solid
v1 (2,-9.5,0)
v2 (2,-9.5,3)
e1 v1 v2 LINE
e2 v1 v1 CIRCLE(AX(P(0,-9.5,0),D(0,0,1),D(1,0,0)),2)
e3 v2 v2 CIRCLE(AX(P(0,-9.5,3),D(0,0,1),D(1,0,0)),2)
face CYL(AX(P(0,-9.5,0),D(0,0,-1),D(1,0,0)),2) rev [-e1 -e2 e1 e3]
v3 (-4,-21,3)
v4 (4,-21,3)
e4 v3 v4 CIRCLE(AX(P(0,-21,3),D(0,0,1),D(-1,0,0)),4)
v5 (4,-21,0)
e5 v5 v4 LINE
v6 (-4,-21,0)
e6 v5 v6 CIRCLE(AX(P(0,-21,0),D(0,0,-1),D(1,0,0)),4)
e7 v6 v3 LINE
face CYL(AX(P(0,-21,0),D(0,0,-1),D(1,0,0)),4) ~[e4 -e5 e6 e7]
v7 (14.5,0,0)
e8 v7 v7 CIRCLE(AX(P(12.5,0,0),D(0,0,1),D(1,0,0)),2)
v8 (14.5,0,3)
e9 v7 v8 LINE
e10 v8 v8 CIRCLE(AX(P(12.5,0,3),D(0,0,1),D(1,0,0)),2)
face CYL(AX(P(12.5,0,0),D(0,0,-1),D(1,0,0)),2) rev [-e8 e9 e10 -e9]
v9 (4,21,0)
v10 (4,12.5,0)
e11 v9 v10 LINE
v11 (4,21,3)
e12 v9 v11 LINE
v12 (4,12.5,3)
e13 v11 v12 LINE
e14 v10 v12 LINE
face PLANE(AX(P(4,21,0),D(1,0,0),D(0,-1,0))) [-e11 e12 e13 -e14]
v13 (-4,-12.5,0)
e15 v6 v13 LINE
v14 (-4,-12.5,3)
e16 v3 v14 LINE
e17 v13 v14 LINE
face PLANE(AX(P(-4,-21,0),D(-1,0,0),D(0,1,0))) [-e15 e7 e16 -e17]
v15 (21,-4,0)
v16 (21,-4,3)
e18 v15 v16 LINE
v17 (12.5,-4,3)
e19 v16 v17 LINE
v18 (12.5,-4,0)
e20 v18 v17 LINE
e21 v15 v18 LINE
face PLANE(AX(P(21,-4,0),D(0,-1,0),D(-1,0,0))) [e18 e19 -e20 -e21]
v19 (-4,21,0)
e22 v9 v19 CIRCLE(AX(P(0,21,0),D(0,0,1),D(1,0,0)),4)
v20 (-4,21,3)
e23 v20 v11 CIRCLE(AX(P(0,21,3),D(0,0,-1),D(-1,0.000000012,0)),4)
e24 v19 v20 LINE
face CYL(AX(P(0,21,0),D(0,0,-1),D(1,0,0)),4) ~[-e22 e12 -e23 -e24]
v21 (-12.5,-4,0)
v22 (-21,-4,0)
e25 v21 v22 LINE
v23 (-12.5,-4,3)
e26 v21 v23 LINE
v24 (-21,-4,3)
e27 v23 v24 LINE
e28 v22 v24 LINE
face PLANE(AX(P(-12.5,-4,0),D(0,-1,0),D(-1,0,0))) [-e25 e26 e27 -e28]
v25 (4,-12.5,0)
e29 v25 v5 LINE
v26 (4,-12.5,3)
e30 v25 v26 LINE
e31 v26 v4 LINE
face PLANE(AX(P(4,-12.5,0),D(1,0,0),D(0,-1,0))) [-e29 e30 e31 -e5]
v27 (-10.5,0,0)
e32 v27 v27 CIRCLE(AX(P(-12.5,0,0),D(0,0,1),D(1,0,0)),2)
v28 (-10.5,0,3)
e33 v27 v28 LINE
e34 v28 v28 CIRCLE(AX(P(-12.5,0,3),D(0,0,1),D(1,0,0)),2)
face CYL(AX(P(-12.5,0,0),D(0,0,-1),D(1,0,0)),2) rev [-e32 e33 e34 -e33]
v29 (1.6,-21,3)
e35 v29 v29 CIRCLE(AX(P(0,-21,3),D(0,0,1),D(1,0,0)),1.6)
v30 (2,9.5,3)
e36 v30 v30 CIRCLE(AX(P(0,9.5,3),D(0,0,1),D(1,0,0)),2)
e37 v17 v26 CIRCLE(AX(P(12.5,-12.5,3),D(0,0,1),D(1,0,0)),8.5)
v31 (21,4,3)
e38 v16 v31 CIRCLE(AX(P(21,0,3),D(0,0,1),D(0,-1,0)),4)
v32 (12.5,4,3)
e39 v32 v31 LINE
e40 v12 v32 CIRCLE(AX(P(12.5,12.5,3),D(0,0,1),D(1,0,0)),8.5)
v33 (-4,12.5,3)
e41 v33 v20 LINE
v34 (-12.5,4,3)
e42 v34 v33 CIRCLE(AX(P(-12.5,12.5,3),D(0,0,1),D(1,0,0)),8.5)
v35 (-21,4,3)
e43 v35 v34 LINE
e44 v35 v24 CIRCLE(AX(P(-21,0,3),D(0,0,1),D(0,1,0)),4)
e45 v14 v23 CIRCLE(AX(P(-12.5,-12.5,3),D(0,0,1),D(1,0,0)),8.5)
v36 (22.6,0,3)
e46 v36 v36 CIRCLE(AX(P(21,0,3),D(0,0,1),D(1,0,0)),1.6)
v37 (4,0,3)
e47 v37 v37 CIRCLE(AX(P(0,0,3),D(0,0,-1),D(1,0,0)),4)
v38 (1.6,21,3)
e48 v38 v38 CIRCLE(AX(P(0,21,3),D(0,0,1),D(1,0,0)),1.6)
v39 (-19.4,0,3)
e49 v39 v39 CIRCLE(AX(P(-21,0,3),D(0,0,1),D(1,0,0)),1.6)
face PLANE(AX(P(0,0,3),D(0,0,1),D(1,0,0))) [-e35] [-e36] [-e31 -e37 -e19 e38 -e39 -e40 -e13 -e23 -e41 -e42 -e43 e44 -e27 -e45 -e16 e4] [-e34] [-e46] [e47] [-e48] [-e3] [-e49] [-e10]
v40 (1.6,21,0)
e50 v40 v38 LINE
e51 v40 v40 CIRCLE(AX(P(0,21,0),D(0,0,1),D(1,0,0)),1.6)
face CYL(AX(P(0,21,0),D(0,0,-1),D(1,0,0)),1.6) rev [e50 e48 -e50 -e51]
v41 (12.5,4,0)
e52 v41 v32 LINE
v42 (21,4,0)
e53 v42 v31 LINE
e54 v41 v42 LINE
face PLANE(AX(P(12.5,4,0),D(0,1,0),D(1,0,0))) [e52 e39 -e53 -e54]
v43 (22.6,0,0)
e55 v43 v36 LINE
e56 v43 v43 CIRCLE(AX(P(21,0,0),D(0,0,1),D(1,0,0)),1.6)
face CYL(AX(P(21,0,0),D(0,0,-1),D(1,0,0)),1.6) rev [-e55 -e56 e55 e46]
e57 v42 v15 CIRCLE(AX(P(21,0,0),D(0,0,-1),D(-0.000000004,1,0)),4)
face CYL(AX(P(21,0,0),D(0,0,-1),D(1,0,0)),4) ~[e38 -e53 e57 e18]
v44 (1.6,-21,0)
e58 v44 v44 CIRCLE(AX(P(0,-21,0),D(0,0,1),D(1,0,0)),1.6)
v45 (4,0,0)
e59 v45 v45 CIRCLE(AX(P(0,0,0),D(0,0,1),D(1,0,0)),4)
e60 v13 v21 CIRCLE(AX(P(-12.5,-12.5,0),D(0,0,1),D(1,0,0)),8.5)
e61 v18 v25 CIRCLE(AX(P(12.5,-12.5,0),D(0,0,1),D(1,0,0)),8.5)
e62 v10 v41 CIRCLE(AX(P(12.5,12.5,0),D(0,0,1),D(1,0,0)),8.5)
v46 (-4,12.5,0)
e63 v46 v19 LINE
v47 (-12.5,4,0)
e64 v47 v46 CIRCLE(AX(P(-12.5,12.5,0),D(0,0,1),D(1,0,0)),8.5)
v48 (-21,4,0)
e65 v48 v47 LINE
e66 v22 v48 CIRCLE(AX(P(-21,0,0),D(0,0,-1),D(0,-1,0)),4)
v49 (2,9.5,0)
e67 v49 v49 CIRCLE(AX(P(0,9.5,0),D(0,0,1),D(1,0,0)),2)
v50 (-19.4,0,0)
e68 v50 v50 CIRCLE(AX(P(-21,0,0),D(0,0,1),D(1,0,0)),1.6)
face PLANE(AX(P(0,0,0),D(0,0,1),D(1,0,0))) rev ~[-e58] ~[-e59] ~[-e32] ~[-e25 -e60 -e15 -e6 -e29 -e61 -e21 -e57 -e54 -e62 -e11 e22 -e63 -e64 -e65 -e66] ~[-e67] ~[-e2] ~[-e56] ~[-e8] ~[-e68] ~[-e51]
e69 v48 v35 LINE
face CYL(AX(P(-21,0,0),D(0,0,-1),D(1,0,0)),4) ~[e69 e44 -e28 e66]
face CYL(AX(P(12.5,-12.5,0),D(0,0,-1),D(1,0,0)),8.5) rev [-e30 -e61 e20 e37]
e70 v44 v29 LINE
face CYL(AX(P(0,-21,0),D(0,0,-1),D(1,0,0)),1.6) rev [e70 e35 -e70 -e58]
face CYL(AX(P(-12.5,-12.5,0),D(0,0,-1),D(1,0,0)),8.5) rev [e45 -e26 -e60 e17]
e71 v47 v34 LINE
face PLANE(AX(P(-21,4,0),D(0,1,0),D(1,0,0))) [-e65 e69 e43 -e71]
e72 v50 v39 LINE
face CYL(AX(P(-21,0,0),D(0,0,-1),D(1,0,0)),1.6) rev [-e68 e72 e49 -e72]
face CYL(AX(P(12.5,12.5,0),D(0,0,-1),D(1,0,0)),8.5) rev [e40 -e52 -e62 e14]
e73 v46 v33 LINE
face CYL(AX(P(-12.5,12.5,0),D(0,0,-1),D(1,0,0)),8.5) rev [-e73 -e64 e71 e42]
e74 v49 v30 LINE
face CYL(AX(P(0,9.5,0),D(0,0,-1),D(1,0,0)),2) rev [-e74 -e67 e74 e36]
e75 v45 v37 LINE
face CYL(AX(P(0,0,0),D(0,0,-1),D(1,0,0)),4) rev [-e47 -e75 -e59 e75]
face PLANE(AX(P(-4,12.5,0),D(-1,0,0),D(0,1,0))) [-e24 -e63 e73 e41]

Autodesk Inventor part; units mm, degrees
ref_plane "YZ Plane" through (0, 0, 0) normal (1, 0, 0) x (0, 1, 0)
ref_plane "XZ Plane" through (0, 0, 0) normal (0, 1, 0) x (-1, 0, 0)
ref_plane "XY Plane" through (0, 0, 0) normal (0, 0, 1) x (1, 0, 0)
sketch "Sketch1" plane through (0, 0, 0) normal (0, 0, 1) x (1, 0, 0)
  line L0 (-4, 25) -> (4, 25)
  line L1 (4, 25) -> (4, -25)
  line L2 (4, -25) -> (-4, -25)
  line L3 (-4, -25) -> (-4, 25)
  circle A0 centre (12.5, 0) radius 2
  circle A1 centre (-12.5, 0) radius 2
  circle A2 centre (21, 0) radius 1.6
  circle A3 centre (0, 21) radius 1.6
  circle A4 centre (-21, 0) radius 1.6
  circle A5 centre (0, -21) radius 1.6
  line L4 (-25, -4) -> (-25, 4)
  line L5 (-25, 4) -> (25, 4)
  line L6 (25, -4) -> (-25, -4)
  line L7 (25, 4) -> (25, -4)
  circle A6 centre (0, 21) radius 4
  circle A7 centre (21, 0) radius 4
  circle A8 centre (-21, 0) radius 4
  circle A9 centre (0, -21) radius 4
  circle A10 centre (12.5, 12.5) radius 8.5
  circle A11 centre (-12.5, 12.5) radius 8.5
  circle A12 centre (-12.5, -12.5) radius 8.5
  circle A13 centre (12.5, -12.5) radius 8.5
  circle A14 centre (0, 0) radius 4
  circle A15 centre (0, 9.5) radius 2
  circle A16 centre (0, -9.5) radius 2
  point P0 (4, 0)
  point P1 (0, 25)
  point P2 (-25, 0)
  point P3 (0, 4)
  point P4 (12.5, 4)
  point P5 (4, 12.5)
  point P6 (4, 21)
  point P7 (-4, 21)
  point P8 (-4, 12.5)
  point P9 (-12.5, 4)
  point P10 (-21, 4)
  point P11 (-21, -4)
  point P12 (-12.5, -4)
  point P13 (-4, -12.5)
  point P14 (-4, -21)
  point P15 (4, -21)
  point P16 (4, -12.5)
  point P17 (12.5, -4)
  point P18 (21, -4)
  point P19 (21, 4)
  point P20 (4, 4)
  point P21 (4, -4)
  point P22 (-4, -4)
  point P23 (-4, 4)
  point P24 (0, 4)
  point P25 (0, -4)
  point P26 (-4, 0)
  dimension "d0" = 4
  dimension "d3" = 360
  dimension "d5" = 3.2
  dimension "d8" = 360
  dimension "d10" = 8
  dimension "d13" = 90
  dimension "d15" = 50
  dimension "d16" = 42
  dimension "d17" = 4
  dimension "d19" = 17
  dimension "d22" = 360
  dimension "d27" = 4
  dimension "d30" = 360
  dimension "d32" = 19
  dimension "d33" = 25
extrude "Extrusion1" add sketch "Sketch1" along normal blind 3 contours A6 | A6 L1 L5 L3 | L3 L5 A11 | A10 L5 L1 | L5 A14 L3 | L3 L6 A8 L5 | L5 A7 L6 L1 | L1 A14 L5 | A14 L6 L3 | A8 | L1 L6 A14 | A7 | L6 L1 A9 L3 | L3 A12 L6 | L6 A13 L1 | A9
properties part number "ACOPLE"
